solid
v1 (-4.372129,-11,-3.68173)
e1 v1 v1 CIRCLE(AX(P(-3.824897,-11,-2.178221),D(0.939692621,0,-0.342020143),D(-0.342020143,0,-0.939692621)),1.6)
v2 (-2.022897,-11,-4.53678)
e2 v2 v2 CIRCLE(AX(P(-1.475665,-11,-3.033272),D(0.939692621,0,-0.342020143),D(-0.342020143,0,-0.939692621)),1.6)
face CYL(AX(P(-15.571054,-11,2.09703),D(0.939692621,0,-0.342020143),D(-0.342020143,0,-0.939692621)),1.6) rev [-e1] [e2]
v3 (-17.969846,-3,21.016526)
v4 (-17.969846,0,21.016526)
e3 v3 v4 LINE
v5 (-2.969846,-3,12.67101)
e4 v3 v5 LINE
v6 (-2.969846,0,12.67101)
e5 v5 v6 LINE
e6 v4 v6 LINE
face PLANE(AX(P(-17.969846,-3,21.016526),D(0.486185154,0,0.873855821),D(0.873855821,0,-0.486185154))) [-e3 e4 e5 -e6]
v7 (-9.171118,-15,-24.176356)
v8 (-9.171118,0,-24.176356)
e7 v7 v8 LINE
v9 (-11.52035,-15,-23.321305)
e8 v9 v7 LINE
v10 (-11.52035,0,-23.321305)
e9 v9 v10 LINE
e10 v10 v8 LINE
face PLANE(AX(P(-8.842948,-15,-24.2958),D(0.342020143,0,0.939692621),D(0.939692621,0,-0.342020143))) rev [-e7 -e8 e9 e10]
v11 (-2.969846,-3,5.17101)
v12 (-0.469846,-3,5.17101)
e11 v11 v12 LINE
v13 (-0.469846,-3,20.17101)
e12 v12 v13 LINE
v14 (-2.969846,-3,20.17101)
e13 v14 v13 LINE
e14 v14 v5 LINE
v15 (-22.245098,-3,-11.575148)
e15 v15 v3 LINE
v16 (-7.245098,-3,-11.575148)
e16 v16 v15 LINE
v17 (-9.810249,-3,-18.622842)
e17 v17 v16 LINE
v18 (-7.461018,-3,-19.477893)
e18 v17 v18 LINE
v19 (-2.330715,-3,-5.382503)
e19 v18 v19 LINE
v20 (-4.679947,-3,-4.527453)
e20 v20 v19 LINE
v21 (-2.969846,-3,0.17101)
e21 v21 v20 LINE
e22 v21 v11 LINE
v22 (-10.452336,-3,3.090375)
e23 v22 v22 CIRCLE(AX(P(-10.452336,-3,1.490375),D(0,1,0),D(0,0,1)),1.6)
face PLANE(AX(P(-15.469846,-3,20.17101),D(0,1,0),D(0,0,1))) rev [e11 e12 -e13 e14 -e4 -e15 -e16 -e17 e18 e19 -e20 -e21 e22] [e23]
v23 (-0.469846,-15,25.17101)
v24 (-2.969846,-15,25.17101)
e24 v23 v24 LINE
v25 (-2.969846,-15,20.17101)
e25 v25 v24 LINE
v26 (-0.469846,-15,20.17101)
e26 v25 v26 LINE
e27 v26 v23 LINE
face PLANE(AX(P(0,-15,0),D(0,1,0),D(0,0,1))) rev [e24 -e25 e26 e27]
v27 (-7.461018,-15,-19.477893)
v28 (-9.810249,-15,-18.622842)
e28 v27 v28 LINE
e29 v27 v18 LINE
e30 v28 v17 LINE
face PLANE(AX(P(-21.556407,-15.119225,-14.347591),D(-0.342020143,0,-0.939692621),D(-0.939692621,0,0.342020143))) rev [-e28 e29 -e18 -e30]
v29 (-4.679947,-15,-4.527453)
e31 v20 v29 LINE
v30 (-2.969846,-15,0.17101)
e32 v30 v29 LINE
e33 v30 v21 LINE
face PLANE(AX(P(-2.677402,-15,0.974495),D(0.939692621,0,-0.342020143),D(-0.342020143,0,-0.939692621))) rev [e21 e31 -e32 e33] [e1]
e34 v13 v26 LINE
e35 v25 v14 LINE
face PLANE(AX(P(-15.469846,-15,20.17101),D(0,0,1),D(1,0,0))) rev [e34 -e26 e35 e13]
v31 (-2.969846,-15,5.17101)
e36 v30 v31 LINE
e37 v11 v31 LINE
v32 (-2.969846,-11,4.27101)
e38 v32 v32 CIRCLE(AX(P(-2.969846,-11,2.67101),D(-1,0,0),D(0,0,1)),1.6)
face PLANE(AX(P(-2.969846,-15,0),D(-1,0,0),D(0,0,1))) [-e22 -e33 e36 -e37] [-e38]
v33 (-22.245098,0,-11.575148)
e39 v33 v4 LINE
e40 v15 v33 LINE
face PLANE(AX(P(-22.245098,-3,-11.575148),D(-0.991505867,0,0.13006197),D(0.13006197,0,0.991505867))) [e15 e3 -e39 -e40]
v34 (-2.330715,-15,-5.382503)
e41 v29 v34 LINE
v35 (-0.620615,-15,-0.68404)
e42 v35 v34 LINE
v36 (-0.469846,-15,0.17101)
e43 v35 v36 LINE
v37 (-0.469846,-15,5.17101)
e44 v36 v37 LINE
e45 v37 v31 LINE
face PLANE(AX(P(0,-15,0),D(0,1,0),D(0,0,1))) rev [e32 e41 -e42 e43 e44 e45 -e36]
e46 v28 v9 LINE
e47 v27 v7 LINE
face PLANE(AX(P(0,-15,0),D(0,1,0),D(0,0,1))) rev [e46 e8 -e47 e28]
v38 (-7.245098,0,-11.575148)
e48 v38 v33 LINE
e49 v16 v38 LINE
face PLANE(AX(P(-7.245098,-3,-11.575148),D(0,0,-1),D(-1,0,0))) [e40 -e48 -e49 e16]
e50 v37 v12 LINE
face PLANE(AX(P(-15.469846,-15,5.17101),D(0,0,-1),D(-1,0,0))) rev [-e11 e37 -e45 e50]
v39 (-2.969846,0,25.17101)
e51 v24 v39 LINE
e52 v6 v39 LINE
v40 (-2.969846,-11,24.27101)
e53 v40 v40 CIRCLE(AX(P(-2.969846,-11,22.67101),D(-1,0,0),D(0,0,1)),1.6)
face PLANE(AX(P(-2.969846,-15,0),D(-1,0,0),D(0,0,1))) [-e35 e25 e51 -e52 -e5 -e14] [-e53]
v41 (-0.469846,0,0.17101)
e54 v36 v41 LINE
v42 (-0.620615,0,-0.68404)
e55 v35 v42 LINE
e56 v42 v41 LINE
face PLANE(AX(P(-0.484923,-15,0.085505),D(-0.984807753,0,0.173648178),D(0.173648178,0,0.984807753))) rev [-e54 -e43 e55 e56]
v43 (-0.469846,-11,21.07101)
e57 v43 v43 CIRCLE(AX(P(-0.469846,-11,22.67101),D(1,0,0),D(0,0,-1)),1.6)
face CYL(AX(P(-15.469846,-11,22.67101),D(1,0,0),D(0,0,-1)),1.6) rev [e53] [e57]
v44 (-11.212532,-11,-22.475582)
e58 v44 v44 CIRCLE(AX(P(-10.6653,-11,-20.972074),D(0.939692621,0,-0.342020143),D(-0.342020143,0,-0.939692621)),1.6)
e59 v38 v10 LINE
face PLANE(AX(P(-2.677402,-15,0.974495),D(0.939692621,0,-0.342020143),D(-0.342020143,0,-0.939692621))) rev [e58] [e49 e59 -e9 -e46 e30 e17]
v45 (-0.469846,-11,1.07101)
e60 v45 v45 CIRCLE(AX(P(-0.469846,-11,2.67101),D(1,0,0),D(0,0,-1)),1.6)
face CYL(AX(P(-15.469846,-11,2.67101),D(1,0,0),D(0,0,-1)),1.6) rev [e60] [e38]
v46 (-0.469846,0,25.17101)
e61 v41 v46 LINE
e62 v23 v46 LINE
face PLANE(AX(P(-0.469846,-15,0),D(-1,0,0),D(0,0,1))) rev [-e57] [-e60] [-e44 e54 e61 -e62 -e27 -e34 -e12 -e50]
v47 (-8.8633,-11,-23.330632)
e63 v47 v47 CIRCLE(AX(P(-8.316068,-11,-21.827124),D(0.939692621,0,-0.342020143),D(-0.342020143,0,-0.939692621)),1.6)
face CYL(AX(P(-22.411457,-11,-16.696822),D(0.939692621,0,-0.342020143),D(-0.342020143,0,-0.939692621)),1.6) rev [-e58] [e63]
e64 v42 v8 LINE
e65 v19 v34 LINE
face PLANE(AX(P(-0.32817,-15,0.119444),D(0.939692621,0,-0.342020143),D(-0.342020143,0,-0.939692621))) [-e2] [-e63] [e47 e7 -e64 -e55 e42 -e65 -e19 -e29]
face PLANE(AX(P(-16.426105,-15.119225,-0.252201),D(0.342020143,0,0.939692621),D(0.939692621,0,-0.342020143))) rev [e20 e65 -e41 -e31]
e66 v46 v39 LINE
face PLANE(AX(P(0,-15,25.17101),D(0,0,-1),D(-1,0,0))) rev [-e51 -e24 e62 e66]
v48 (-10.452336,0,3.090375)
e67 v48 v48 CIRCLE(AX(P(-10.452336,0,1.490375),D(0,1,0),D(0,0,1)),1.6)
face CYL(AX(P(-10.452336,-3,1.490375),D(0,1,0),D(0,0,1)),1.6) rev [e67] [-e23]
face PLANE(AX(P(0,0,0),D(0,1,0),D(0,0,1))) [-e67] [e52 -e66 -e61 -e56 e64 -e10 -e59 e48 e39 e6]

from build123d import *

# Parameters (mm, degrees)
BOSS_EXTRUDE1_DEPTH = 15
SKETCH5_R           = 1.6
SKETCH5_W           = 15
SKETCH5_H           = 12
CUT_EXTRUDE4_DEPTH  = 15
SKETCH8_R           = 1.6
SKETCH8_W           = 15
SKETCH8_H           = 12.119225193
CUT_EXTRUDE5_DEPTH  = 15
SKETCH6_R           = 1.6
BOSS_EXTRUDE8_DEPTH = 3


with BuildPart() as part:
    # Sketch1 → Boss-Extrude1 (new body)
    with BuildSketch(Plane(origin=(0, 0, 0), x_dir=(1, 0, 0), z_dir=(0, 1, 0))):
        Polygon((-0.46984631, -0.171010072), (-0.46984631, -25.171010072), (-2.96984631, -25.171010072), (-2.96984631, -0.171010072), (-11.520349894, 23.321305448), (-9.171118342, 24.176355806), (-0.620614758, 0.684040287), align=None)
    extrude(amount=-BOSS_EXTRUDE1_DEPTH)

    # Sketch5 → Cut-Extrude4 (cut)
    with BuildSketch(Plane(origin=(-0.46984631, 0, 0), x_dir=(0, 0, -1), z_dir=(1, 0, 0))):
        with Locations((-22.671010072, -11)):
            Circle(SKETCH5_R)
        with Locations((-2.671010072, -11)):
            Circle(SKETCH5_R)
        with Locations((-12.671010072, -9)):
            Rectangle(SKETCH5_W, SKETCH5_H)
    extrude(amount=-CUT_EXTRUDE4_DEPTH, mode=Mode.SUBTRACT)

    # Sketch8 → Cut-Extrude5 (cut)
    with BuildSketch(Plane(origin=(-0.328170312, 0, 0.119444225), x_dir=(-0.342020143, 0, -0.939692621), z_dir=(0.939692621, 0, -0.342020143))):
        with Locations((3.355050358, -11)):
            Circle(SKETCH8_R)
        with Locations((23.355050358, -11)):
            Circle(SKETCH8_R)
        with Locations((13.355050358, -9.059612596)):
            Rectangle(SKETCH8_W, SKETCH8_H)
    extrude(amount=-CUT_EXTRUDE5_DEPTH, mode=Mode.SUBTRACT)

    # Sketch6 → Boss-Extrude8 (add)
    with BuildSketch(Plane(origin=(0, 0, 0), x_dir=(1, 0, 0), z_dir=(0, 1, 0))):
        Polygon((-7.245098102, 11.575147688), (-22.245098102, 11.575147688), (-17.96984631, -21.01652559), (-2.96984631, -12.671010072), (-0.46984631, -0.171010072), (-0.620614758, 0.684040287), align=None)
        with Locations((-10.452336242, -1.490374929)):
            Circle(SKETCH6_R, mode=Mode.SUBTRACT)
    extrude(amount=-BOSS_EXTRUDE8_DEPTH)


solid = part.part
